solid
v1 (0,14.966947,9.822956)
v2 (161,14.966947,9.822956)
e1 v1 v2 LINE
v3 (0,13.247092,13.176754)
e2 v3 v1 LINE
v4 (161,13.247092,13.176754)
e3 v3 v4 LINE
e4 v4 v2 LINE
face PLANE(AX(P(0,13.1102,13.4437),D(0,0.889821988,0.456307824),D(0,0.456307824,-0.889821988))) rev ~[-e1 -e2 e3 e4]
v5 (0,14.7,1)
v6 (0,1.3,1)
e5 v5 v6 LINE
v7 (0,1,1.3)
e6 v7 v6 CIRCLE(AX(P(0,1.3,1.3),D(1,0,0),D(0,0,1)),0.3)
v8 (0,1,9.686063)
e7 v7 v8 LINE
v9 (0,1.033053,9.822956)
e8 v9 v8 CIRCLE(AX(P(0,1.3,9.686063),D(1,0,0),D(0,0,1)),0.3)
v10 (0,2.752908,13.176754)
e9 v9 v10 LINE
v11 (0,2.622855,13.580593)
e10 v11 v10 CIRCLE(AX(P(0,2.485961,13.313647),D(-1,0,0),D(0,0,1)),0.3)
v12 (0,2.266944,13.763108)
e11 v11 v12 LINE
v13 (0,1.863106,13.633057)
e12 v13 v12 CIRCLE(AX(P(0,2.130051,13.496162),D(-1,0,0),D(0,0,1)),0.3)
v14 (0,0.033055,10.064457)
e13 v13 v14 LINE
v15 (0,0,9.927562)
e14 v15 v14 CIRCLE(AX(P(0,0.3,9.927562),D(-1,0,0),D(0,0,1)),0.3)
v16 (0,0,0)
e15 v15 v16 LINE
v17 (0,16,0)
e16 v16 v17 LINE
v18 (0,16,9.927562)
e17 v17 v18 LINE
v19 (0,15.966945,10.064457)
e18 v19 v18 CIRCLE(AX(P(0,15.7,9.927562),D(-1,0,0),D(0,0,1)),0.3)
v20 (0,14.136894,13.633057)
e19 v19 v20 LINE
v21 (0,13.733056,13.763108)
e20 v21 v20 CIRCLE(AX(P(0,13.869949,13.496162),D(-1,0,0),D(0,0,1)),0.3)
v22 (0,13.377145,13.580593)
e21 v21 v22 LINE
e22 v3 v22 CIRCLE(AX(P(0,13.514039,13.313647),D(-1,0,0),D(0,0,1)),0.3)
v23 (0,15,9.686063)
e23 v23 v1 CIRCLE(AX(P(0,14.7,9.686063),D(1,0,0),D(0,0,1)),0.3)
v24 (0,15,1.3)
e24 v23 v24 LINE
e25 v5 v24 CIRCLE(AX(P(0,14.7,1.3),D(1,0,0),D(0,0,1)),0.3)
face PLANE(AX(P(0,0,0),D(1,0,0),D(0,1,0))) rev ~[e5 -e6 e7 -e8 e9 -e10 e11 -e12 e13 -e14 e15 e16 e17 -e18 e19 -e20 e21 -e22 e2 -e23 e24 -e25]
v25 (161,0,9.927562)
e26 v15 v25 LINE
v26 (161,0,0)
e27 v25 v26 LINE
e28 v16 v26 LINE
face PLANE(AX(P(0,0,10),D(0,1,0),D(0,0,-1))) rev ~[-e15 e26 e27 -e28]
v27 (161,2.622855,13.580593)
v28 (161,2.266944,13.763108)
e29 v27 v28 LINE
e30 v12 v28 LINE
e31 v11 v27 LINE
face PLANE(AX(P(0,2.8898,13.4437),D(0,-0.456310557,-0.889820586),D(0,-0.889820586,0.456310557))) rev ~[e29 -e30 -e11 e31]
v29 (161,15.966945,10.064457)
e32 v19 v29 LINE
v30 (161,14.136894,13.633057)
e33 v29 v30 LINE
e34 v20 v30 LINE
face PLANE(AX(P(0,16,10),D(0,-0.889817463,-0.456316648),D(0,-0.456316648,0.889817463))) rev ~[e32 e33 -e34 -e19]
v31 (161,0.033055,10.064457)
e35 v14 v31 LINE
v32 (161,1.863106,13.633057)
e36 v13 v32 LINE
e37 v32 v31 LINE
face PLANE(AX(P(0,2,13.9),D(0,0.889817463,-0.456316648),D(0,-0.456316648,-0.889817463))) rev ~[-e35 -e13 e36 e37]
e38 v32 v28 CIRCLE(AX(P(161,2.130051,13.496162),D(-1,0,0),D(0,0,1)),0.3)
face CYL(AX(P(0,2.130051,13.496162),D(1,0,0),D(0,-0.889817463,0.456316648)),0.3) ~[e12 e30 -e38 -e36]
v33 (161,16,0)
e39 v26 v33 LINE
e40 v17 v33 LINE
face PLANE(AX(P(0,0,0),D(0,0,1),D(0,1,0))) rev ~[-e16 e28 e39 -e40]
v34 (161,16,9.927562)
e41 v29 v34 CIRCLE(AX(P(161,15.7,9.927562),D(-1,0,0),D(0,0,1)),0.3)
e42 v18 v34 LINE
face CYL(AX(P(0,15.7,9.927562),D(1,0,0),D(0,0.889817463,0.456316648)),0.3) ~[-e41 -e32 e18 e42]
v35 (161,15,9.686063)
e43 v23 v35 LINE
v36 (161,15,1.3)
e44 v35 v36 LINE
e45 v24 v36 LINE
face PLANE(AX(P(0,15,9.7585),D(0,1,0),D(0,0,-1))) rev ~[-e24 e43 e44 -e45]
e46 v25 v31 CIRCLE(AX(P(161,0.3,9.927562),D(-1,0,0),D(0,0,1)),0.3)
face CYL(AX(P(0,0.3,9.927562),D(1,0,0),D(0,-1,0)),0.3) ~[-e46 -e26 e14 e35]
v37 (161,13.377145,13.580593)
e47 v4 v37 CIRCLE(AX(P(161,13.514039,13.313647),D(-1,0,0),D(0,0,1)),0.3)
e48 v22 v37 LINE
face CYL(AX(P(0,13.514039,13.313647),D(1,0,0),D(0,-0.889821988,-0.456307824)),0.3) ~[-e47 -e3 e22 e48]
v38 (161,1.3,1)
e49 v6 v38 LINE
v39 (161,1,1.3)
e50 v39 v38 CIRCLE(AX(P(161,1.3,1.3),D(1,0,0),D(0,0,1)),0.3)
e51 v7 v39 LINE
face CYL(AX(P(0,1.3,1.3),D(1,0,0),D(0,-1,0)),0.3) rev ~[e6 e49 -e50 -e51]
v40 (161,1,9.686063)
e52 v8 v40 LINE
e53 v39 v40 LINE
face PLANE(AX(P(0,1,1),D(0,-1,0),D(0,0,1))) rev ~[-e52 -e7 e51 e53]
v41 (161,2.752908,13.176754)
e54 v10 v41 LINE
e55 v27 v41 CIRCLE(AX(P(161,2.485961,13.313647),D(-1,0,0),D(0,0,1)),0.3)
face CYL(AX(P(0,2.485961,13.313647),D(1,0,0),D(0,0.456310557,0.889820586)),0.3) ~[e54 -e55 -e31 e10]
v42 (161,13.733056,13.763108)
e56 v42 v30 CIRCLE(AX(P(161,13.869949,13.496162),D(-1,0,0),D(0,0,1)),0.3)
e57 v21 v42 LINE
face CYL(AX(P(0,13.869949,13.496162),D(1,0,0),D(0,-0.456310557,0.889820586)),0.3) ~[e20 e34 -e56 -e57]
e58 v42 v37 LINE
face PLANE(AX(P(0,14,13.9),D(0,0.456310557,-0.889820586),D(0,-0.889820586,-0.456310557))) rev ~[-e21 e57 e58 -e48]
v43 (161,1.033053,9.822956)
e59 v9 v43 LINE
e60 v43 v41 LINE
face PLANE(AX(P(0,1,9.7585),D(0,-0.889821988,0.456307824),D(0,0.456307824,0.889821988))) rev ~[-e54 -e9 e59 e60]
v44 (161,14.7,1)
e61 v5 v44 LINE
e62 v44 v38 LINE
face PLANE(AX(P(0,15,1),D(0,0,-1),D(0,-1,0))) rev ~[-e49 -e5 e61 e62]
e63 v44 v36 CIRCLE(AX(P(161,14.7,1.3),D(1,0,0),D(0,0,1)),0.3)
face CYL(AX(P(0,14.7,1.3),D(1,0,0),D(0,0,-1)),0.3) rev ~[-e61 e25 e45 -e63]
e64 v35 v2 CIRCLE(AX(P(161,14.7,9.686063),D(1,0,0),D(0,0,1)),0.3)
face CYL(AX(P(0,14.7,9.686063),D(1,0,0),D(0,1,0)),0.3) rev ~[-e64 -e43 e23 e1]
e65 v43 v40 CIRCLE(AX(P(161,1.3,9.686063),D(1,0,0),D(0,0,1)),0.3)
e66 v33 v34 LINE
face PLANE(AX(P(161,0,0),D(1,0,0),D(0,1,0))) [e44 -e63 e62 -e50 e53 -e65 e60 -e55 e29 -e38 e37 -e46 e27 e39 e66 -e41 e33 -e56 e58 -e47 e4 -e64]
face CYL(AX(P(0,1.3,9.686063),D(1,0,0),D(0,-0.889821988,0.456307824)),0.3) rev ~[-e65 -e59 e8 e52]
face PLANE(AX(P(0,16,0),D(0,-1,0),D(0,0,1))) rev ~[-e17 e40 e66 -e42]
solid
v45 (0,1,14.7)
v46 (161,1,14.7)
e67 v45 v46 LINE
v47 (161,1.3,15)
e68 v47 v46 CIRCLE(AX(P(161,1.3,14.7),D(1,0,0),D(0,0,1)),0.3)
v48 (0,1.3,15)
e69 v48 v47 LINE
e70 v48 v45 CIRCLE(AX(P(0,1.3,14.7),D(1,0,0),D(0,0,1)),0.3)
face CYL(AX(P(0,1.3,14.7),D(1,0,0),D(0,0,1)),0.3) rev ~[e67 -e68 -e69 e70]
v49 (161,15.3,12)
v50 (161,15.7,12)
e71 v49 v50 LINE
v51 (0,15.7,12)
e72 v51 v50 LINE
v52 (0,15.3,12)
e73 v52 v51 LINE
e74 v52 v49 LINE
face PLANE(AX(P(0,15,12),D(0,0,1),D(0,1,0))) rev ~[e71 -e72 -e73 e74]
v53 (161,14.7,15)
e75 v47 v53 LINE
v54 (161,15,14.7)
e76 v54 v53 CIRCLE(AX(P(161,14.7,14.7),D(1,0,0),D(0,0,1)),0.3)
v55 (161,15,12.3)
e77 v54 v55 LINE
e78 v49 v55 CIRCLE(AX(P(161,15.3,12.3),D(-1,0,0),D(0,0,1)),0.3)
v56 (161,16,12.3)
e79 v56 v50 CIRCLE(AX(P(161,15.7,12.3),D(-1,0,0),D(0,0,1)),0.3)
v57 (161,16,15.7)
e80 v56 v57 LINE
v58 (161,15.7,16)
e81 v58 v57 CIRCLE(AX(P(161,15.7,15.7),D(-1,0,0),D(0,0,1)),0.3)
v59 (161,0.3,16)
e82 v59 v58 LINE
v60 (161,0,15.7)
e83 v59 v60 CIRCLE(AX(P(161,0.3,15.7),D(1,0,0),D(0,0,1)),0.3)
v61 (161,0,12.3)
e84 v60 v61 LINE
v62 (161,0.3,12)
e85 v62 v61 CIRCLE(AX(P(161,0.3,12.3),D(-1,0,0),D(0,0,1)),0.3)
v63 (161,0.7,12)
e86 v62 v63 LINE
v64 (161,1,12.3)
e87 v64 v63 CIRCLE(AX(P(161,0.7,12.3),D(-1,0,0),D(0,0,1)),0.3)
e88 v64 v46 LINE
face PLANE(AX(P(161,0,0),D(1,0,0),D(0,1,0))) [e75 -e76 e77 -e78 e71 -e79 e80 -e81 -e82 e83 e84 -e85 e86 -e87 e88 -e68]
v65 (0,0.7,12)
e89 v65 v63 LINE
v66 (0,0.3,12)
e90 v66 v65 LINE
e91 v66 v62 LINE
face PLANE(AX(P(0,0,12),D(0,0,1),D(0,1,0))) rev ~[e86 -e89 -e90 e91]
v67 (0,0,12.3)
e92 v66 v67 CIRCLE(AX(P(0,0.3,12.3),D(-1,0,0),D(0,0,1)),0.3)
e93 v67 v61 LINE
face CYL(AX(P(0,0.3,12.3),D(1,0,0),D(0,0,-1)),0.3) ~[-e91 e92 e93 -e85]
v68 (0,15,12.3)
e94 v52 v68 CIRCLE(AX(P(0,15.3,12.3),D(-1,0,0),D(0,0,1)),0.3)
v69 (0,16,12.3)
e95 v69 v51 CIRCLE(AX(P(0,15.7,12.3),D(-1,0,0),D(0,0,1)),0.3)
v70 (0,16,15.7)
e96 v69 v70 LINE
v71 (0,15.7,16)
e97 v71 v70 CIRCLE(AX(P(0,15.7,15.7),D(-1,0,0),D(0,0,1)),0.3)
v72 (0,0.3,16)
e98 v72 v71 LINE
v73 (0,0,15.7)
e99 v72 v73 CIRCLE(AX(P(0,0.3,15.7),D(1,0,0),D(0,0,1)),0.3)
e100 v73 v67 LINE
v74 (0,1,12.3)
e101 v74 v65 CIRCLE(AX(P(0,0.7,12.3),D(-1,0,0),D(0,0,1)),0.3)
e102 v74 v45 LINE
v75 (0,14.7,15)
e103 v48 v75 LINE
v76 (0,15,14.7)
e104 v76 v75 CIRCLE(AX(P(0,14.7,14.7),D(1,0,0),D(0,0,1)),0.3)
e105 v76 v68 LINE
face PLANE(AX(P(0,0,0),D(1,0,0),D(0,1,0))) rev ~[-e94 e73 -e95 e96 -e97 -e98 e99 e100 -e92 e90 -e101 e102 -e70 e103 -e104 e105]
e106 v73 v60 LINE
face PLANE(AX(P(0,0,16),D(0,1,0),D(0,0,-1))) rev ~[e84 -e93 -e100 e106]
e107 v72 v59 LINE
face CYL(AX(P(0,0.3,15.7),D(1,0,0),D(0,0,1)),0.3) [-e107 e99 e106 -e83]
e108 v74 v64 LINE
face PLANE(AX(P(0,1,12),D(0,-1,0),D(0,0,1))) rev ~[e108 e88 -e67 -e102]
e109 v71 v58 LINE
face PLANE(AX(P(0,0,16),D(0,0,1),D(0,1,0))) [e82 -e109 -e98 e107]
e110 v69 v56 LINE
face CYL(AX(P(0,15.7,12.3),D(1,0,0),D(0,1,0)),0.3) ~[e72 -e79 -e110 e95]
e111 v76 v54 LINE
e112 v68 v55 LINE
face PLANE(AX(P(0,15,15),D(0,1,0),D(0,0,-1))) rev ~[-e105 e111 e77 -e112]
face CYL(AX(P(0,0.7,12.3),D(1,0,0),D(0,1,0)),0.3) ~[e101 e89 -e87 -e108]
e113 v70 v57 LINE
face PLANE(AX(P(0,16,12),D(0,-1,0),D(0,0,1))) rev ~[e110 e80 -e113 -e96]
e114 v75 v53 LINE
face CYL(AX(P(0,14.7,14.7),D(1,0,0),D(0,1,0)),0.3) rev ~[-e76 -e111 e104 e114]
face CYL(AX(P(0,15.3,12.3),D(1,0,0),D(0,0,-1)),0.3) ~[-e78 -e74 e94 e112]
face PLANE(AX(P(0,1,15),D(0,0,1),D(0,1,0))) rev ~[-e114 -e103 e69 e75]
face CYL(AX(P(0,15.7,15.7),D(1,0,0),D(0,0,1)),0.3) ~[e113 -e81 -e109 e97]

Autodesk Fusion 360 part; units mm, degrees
sketch "16 mm x 16 mm conduit piping shape" plane through (0, 0, 0) normal (1, 0, 0) x (0, 1, 0)
  line L0 (0, 0) -> (16, 0)
  line L1 (16, 0) -> (16, 10)
  line L2 (16, 10) -> (14, 13.9)
  line L3 (14, 13.9) -> (13.1102, 13.4437)
  line L4 (13.1102, 13.4437) -> (15, 9.7585)
  line L5 (15, 9.7585) -> (15, 1)
  line L6 (15, 1) -> (1, 1)
  line L7 (1, 1) -> (1, 9.7585)
  line L8 (1, 9.7585) -> (2.8898, 13.4437)
  line L9 (2.8898, 13.4437) -> (2, 13.9)
  line L10 (2, 13.9) -> (0, 10)
  line L11 (0, 10) -> (0, 0)
  line L12 (0, 16) -> (16, 16)
  line L13 (0, 16) -> (0, 12)
  line L14 (0, 12) -> (1, 12)
  line L15 (1, 12) -> (1, 15)
  line L16 (1, 15) -> (15, 15)
  line L17 (15, 15) -> (15, 12)
  line L18 (15, 12) -> (16, 12)
  line L19 (16, 12) -> (16, 16)
  dimension "d1" = 1
  dimension "d2" = 16
  dimension "d3" = 1
  dimension "d4" = 1
  dimension "d7" = 10
  dimension "d8" = 10
  dimension "d9" = 16
  dimension "d10" = 1
  dimension "d11" = 1
  dimension "d12" = 1
  dimension "d13" = 4
  dimension "d14" = 4
  dimension "d15" = 16
  dimension "d16" = 2
  dimension "d17" = 2
  dimension "d18" = 1
  dimension "d19" = 1
extrude "Extrude1" add sketch "16 mm x 16 mm conduit piping shape" along normal blind 161 makes body 1 at (107.3333, 5.3333, 16) makes body 2 at (53.6667, 5.3333, 0)
fillet "Fillet1" radius 0.3 18 edges at (80.5, 0, 16) (80.5, 16, 16) (80.5, 16, 12) (80.5, 0, 12) (80.5, 1, 12) (80.5, 15, 12) (80.5, 1, 15) (80.5, 15, 15) (80.5, 0, 10) (80.5, 16, 10) (80.5, 14, 13.9) (80.5, 13.1102, 13.4437) (80.5, 2, 13.9) (80.5, 2.8898, 13.4437) (80.5, 15, 1) (80.5, 1, 1) (80.5, 1, 9.7585) (80.5, 15, 9.7585) on bodies 1 2
equation "d1 = conduitThickness"
equation "d2 = conduitWidth"
equation "d3 = conduitThickness"
equation "d4 = conduitThickness"
equation "conduitThickness = 1 mm" comment "Thickness of the PVC conduit piping"
equation "conduitWidth = 16 mm" comment "Size of the outer dimensions of the conduit piping"
equation "d9 = conduitWidth"
equation "d10 = conduitThickness"
equation "d11 = conduitThickness"
equation "d12 = conduitThickness"
